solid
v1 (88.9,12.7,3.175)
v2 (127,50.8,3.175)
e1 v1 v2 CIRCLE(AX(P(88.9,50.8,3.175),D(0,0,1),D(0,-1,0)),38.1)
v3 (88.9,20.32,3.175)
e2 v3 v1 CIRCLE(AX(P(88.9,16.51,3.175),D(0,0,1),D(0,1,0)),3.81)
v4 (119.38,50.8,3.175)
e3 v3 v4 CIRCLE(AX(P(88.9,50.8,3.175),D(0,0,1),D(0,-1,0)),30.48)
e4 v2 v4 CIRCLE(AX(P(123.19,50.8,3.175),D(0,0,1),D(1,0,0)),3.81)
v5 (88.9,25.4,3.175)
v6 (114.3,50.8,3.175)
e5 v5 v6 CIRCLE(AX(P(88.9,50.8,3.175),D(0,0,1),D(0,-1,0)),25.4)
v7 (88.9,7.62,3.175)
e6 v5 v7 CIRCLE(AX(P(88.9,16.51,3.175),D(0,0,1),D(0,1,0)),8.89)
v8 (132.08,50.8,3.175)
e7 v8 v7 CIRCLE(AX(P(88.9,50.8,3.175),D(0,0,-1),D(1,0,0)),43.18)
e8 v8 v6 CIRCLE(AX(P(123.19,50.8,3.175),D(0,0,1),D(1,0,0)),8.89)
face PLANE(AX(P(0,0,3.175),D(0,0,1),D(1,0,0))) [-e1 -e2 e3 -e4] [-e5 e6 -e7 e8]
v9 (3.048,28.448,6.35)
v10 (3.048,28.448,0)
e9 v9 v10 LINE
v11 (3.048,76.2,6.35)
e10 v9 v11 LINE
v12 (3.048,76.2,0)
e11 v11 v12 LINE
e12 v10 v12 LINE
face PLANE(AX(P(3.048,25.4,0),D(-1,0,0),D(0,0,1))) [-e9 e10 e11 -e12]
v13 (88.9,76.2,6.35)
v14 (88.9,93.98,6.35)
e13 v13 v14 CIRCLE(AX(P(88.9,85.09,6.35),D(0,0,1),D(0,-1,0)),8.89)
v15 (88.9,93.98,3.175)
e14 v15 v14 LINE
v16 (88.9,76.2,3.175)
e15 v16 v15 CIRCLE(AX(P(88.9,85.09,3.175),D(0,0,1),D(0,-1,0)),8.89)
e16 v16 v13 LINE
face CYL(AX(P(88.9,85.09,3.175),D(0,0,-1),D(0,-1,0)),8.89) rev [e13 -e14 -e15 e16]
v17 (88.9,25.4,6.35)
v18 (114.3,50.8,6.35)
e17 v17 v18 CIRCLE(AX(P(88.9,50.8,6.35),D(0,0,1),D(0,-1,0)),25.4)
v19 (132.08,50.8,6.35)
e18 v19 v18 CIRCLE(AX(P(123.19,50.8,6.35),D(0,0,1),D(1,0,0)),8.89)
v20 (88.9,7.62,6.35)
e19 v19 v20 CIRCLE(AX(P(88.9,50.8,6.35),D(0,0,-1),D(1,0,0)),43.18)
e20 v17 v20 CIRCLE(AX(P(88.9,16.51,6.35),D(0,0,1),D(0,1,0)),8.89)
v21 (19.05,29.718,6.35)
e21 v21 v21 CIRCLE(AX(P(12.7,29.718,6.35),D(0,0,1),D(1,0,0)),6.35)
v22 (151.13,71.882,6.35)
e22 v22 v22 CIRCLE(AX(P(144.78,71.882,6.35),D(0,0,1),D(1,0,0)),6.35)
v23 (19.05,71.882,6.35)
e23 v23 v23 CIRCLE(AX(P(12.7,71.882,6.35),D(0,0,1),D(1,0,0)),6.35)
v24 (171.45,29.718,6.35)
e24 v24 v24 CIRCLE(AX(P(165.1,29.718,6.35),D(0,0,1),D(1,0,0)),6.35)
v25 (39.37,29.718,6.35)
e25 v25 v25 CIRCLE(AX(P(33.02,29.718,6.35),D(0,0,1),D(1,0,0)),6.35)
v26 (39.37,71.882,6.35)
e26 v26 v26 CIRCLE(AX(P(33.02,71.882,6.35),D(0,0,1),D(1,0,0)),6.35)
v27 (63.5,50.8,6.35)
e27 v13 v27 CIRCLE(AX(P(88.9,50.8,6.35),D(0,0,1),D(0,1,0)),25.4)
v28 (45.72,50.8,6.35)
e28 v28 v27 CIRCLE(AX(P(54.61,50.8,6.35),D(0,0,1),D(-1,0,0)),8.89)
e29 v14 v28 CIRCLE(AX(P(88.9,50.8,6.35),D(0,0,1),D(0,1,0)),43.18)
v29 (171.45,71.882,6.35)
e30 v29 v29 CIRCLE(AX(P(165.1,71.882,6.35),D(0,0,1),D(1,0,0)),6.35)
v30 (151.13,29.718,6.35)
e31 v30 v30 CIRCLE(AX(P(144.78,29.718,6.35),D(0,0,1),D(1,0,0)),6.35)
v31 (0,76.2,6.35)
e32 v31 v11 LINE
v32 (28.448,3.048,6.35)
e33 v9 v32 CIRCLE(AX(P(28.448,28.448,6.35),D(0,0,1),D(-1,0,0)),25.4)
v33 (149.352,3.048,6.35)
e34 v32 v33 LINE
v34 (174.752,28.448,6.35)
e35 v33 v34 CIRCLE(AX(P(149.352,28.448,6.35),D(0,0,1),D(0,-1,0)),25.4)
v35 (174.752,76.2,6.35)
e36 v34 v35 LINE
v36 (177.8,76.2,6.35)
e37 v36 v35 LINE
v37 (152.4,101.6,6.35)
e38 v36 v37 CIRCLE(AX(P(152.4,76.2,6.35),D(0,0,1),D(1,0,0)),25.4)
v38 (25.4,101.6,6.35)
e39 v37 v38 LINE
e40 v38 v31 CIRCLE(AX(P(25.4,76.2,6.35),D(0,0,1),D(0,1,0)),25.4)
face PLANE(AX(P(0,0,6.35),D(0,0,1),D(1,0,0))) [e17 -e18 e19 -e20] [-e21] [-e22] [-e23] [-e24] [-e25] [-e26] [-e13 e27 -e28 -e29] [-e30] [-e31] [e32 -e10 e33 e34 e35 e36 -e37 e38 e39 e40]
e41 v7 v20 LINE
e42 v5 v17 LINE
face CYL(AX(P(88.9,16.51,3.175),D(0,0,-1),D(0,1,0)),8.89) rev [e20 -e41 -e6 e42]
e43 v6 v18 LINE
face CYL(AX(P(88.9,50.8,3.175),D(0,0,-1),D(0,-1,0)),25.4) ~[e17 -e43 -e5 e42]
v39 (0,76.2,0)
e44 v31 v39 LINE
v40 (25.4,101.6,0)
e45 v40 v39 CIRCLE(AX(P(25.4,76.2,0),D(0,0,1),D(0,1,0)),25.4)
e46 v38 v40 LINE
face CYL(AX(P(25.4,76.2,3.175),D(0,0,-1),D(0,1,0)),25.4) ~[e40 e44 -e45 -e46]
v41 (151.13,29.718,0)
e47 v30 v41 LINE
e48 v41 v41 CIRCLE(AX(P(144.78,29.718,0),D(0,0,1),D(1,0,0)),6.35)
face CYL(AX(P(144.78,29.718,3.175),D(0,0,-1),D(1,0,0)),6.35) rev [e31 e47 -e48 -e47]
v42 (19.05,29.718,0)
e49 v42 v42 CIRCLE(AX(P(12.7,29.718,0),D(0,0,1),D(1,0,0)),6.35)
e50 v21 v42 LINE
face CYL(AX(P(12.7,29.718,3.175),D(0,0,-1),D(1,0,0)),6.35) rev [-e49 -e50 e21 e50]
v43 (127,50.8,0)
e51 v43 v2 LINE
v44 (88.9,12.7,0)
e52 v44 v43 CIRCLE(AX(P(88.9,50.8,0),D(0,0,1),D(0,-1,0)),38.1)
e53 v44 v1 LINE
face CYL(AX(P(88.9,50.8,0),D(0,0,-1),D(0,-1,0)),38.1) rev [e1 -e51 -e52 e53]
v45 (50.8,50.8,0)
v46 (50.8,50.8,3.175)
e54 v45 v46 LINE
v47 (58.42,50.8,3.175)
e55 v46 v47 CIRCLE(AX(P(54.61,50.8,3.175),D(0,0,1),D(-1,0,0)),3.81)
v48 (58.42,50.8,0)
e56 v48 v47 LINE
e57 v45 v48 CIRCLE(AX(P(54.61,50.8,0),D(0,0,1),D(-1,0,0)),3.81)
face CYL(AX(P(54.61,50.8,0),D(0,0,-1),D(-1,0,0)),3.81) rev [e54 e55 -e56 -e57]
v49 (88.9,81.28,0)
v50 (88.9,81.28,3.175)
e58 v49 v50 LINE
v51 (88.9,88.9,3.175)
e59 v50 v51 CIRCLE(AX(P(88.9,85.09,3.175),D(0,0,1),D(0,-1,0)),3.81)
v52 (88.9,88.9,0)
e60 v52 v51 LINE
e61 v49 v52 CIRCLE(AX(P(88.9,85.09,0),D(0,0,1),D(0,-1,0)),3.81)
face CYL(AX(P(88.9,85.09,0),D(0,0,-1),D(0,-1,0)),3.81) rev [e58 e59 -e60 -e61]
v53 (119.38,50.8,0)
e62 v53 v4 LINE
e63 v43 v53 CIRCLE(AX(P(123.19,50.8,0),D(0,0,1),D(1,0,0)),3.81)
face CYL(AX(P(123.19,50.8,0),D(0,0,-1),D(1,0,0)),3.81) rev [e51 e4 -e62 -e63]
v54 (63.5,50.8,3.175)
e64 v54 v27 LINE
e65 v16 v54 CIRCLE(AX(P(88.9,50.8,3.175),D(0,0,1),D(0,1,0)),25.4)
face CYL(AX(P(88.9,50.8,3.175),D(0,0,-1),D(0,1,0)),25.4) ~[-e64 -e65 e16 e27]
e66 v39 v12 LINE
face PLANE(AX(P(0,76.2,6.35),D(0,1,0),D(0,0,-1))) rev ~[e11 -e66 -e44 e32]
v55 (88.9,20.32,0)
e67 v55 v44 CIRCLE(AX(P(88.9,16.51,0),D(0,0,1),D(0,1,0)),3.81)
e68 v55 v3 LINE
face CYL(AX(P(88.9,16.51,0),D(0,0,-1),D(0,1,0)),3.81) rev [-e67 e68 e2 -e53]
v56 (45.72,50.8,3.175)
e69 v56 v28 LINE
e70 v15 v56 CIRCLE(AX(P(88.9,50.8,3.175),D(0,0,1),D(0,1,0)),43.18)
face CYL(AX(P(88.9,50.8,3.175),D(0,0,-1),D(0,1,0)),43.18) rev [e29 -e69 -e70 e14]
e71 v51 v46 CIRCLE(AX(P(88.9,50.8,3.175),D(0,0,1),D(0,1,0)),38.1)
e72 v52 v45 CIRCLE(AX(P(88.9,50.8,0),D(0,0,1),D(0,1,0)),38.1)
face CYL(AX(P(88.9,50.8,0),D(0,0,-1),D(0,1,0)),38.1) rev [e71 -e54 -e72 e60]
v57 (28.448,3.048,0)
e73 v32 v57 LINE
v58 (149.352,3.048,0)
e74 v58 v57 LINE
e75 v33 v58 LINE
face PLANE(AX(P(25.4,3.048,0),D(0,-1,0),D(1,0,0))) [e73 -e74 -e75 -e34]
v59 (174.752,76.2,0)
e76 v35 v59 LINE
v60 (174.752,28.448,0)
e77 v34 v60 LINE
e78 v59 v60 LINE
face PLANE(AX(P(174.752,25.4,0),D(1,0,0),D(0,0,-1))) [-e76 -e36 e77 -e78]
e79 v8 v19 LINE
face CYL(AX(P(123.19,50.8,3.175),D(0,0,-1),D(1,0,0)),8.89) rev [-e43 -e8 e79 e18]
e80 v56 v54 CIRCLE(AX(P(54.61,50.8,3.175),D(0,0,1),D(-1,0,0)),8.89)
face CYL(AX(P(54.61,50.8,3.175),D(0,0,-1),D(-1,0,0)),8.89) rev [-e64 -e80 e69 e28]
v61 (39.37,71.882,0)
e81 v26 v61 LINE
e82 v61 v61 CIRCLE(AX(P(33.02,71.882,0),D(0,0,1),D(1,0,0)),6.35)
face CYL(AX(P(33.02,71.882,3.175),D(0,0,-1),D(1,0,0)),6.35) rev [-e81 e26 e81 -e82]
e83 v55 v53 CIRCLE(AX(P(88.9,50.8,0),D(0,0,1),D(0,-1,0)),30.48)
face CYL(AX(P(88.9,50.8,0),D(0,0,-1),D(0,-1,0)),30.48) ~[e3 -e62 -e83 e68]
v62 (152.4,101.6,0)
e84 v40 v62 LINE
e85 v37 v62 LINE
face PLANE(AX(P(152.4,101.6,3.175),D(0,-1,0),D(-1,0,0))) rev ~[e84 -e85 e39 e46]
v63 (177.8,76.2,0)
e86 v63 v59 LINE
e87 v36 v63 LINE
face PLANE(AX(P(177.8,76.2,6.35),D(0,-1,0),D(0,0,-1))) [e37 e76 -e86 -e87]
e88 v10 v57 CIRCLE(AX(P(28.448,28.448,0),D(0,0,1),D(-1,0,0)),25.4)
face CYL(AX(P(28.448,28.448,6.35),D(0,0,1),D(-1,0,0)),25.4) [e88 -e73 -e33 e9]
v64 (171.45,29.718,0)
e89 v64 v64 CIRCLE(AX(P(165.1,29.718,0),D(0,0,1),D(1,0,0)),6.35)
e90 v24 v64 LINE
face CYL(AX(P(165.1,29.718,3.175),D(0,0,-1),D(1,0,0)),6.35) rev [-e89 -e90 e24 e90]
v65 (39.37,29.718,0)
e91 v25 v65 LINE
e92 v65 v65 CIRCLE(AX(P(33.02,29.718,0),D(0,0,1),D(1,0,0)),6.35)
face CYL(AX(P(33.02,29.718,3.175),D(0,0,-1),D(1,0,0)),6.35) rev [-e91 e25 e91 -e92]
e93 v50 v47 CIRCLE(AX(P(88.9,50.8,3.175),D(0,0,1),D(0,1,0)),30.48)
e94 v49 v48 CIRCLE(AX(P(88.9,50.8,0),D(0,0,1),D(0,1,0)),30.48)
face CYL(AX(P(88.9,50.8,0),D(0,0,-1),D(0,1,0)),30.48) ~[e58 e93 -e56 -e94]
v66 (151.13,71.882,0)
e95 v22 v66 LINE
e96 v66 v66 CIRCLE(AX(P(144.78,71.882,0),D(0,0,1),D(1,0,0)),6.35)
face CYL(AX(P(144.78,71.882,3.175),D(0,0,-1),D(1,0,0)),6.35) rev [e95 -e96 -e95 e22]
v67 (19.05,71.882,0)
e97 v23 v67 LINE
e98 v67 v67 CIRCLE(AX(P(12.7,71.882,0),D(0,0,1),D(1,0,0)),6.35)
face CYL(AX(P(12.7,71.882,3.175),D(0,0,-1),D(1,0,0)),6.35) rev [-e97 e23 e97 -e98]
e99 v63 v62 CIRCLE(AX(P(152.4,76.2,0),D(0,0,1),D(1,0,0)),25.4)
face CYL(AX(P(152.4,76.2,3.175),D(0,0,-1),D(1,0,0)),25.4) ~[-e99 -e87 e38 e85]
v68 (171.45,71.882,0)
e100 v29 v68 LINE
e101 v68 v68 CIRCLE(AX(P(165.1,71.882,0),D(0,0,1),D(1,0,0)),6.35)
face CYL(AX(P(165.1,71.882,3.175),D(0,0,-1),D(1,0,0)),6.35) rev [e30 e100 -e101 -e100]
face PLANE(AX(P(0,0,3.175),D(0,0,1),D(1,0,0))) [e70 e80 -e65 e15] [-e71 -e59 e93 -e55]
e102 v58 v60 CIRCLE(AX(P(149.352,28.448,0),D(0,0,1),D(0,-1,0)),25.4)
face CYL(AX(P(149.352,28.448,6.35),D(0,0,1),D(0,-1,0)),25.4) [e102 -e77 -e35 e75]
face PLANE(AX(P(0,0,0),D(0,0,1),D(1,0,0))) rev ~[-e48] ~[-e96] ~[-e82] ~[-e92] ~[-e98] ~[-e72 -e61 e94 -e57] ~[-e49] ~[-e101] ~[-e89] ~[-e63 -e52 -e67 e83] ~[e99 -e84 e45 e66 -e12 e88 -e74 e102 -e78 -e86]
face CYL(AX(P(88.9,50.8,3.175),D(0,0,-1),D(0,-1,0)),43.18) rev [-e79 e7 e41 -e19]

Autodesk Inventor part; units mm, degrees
ref_plane "YZ Plane" through (0, 0, 0) normal (1, 0, 0) x (0, 1, 0)
ref_plane "XZ Plane" through (0, 0, 0) normal (0, 1, 0) x (-1, 0, 0)
ref_plane "XY Plane" through (0, 0, 0) normal (0, 0, 1) x (1, 0, 0)
sketch "Sketch1" plane through (0, 0, 0) normal (0, 0, 1) x (1, 0, 0)
  line L0 (0, 0) -> (177.8, 0)
  line L1 (177.8, 0) -> (177.8, 101.6)
  line L2 (177.8, 101.6) -> (0, 101.6)
  line L3 (0, 101.6) -> (0, 0)
  arc A0 (25.4, 101.6) -> (0, 76.2) centre (25.4, 76.2) ccw
  arc A1 (177.8, 76.2) -> (152.4, 101.6) centre (152.4, 76.2) ccw
  arc A2 (152.4, 0) -> (177.8, 25.4) centre (152.4, 25.4) ccw
  arc A3 (0, 25.4) -> (25.4, 0) centre (25.4, 25.4) ccw
  arc A4 (88.9, 85.09) -> (54.61, 50.8) centre (88.9, 50.8) ccw construction
  arc A5 (88.9, 88.9) -> (50.8, 50.8) centre (88.9, 50.8) ccw
  arc A6 (88.9, 81.28) -> (58.42, 50.8) centre (88.9, 50.8) ccw
  arc A7 (88.9, 81.28) -> (88.9, 88.9) centre (88.9, 85.09) ccw
  arc A8 (50.8, 50.8) -> (58.42, 50.8) centre (54.61, 50.8) ccw
  line L4 (88.9, 50.8) -> (54.61, 50.8) construction
  line L5 (88.9, 50.8) -> (88.9, 85.09) construction
  arc A9 (88.9, 20.32) -> (119.38, 50.8) centre (88.9, 50.8) ccw
  line L6 (88.9, 50.8) -> (123.19, 50.8) construction
  arc A10 (88.9, 16.51) -> (123.19, 50.8) centre (88.9, 50.8) ccw construction
  arc A11 (127, 50.8) -> (119.38, 50.8) centre (123.19, 50.8) ccw
  arc A12 (88.9, 12.7) -> (127, 50.8) centre (88.9, 50.8) ccw
  arc A13 (88.9, 20.32) -> (88.9, 12.7) centre (88.9, 16.51) ccw
  line L7 (0, 50.8) -> (177.8, 50.8)
  line L8 (88.9, 101.6) -> (88.9, 0)
  circle A14 centre (12.7, 71.882) radius 6.35
  circle A15 centre (33.02, 71.882) radius 6.35
  circle A16 centre (12.7, 29.718) radius 6.35
  circle A17 centre (33.02, 29.718) radius 6.35
  circle A18 centre (165.1, 29.718) radius 6.35
  circle A19 centre (144.78, 29.718) radius 6.35
  circle A20 centre (165.1, 71.882) radius 6.35
  circle A21 centre (144.78, 71.882) radius 6.35
  point P0 (0, 0)
  point P1 (0, 0)
  point P2 (-19.4884, -65.4138)
  dimension "d2" = 177.8
  dimension "d3" = 101.6
  dimension "d4" = 50.8
  dimension "d5" = 50.8
  dimension "d6" = 50.8
  dimension "d7" = 50.8
  dimension "d9" = 50.8
  dimension "d10" = 88.9
  dimension "d11" = 34.29
  dimension "d12" = 90
  dimension "d13" = 7.62
  dimension "d14" = 360
  dimension "d15" = 0
  dimension "d16" = 0
  dimension "d17" = 0
  dimension "d19" = 0
  dimension "d20" = 12.7
  dimension "d21" = 12.7
  dimension "d22" = 20.32
  dimension "d24" = 21.082
  dimension "d25" = 12.7
extrude "Extrusion1" add sketch "Sketch1" along normal blind 3.175 contours A3 L3 L7 A8 L8 A13 L0 | L8 A12 L7 L1 A2 L0 | L3 A0 L2 L8 A5 L7 | A11 L7 L8 A7 L2 A1 L1 | L8 L7 A9 | A6 L8 L7
sketch "Sketch2" plane through (0, 0, 3.175) normal (0, 0, 1) x (1, 0, 0)
  line L0 (0, 0) -> (177.8, 0)
  line L1 (177.8, 0) -> (177.8, 101.6)
  line L2 (177.8, 101.6) -> (0, 101.6)
  line L3 (0, 101.6) -> (0, 0)
  circle A0 centre (12.7, 71.882) radius 6.35
  circle A1 centre (12.7, 71.882) radius 6.35 projected
  circle A2 centre (33.02, 71.882) radius 6.35
  circle A3 centre (12.7, 29.718) radius 6.35
  circle A4 centre (33.02, 29.718) radius 6.35
  circle A5 centre (33.02, 71.882) radius 6.35 projected
  circle A6 centre (12.7, 29.718) radius 6.35 projected
  circle A7 centre (33.02, 29.718) radius 6.35 projected
  circle A8 centre (144.78, 71.882) radius 6.35
  circle A9 centre (144.78, 29.718) radius 6.35
  circle A10 centre (165.1, 71.882) radius 6.35
  circle A11 centre (165.1, 29.718) radius 6.35
  circle A12 centre (144.78, 71.882) radius 6.35 projected
  circle A13 centre (165.1, 71.882) radius 6.35 projected
  circle A14 centre (144.78, 29.718) radius 6.35 projected
  circle A15 centre (165.1, 29.718) radius 6.35 projected
  arc A16 (88.9, 85.09) -> (54.61, 50.8) centre (88.9, 50.8) ccw construction
  arc A17 (88.9, 93.98) -> (45.72, 50.8) centre (88.9, 50.8) ccw
  arc A18 (88.9, 76.2) -> (63.5, 50.8) centre (88.9, 50.8) ccw
  arc A19 (88.9, 76.2) -> (88.9, 93.98) centre (88.9, 85.09) ccw
  arc A20 (45.72, 50.8) -> (63.5, 50.8) centre (54.61, 50.8) ccw
  line L4 (88.9, 50.8) -> (54.61, 50.8) construction
  line L5 (88.9, 50.8) -> (88.9, 85.09) construction
  arc A21 (88.9, 25.4) -> (114.3, 50.8) centre (88.9, 50.8) ccw
  line L6 (88.9, 50.8) -> (123.19, 50.8) construction
  arc A22 (88.9, 16.51) -> (123.19, 50.8) centre (88.9, 50.8) ccw construction
  arc A23 (88.9, 7.62) -> (132.08, 50.8) centre (88.9, 50.8) ccw
  arc A24 (132.08, 50.8) -> (114.3, 50.8) centre (123.19, 50.8) ccw
  arc A25 (88.9, 25.4) -> (88.9, 7.62) centre (88.9, 16.51) ccw
  arc A26 (25.4, 101.6) -> (0, 76.2) centre (25.4, 76.2) ccw
  arc A27 (0, 25.4) -> (25.4, 0) centre (25.4, 25.4) ccw
  line L7 (177.8, 25.4) -> (177.8, 76.2) projected
  arc A28 (152.4, 0) -> (177.8, 25.4) centre (152.4, 25.4) ccw
  arc A29 (129.8378, 37.0665) -> (128.016, 32.512) centre (152.4, 25.4) ccw
  arc A30 (177.8, 76.2) -> (152.4, 101.6) centre (152.4, 76.2) ccw
  arc A31 (177.8, 76.2) -> (152.4, 101.6) centre (152.4, 76.2) ccw projected
  dimension "d28" = 177.8
  dimension "d29" = 101.6
  dimension "d30" = 12.7
  dimension "d31" = 12.7
  dimension "d32" = 12.7
  dimension "d33" = 12.7
  dimension "d34" = 12.7
  dimension "d35" = 12.7
  dimension "d36" = 12.7
  dimension "d37" = 12.7
  dimension "d38" = 34.29
  dimension "d39" = 90
  dimension "d40" = 17.78
  dimension "d41" = 50.8
  dimension "d42" = 88.9
  dimension "d45" = 360
  dimension "d48" = 25.4
  dimension "d49" = 50.8
  dimension "d57" = 50.8
extrude "Extrusion2" add sketch "Sketch2" along normal blind 3.175 contours A27 L3 A26 L2 A30 L1 A28 L0
sketch "Sketch3" plane through (177.8, 25.4, 0) normal (1, 0, 0) x (0, 0, -1)
  line L0 (-6.35, 0) -> (-6.35, 50.8) projected
  line L1 (-6.35, 50.8) -> (0, 50.8)
  line L2 (0, 50.8) -> (0, -25.4)
  line L3 (0, -25.4) -> (-6.35, -25.4)
  line L4 (-6.35, -25.4) -> (-6.35, 50.8)
extrude "Extrusion3" cut sketch "Sketch3" against normal blind 3.048
sketch "Sketch4" plane through (0, 25.4, 0) normal (-1, 0, 0) x (0, 0, 1)
  line L0 (6.35, 50.8) -> (0, 50.8) projected
  line L1 (6.35, -25.4) -> (6.35, 0) projected
  line L2 (0, 50.8) -> (6.35, 50.8)
  line L3 (6.35, 50.8) -> (6.35, -25.4)
  line L4 (6.35, -25.4) -> (0, -25.4)
  line L5 (0, -25.4) -> (0, 50.8)
  point P0 (0, -25.4)
extrude "Extrusion4" cut sketch "Sketch4" against normal blind 3.048
sketch "Sketch5" plane through (25.4, 0, 0) normal (0, -1, 0) x (1, 0, 0)
  line L0 (-22.352, 6.35) -> (-22.352, 0) projected
  line L1 (149.352, 6.35) -> (149.352, 0) projected
  line L2 (-22.352, 6.35) -> (149.352, 6.35)
  line L3 (149.352, 6.35) -> (149.352, 0)
  line L4 (149.352, 0) -> (-22.352, 0)
  line L5 (-22.352, 0) -> (-22.352, 6.35)
  point P0 (-25.4, 0)
extrude "Extrusion5" cut sketch "Sketch5" against normal blind 3.048
sketch "Sketch6" plane through (0, 0, 6.35) normal (0, 0, 1) x (1, 0, 0)
  arc A0 (3.048, 28.448) -> (28.448, 3.048) centre (28.448, 28.448) ccw
  arc A1 (149.352, 3.048) -> (174.752, 28.448) centre (149.352, 28.448) ccw
  line L0 (3.048, 76.2) -> (3.048, 13.3357) projected
  line L1 (13.3357, 3.048) -> (164.4643, 3.048) projected
  line L2 (174.752, 13.3357) -> (174.752, 76.2) projected
  line L3 (3.048, 28.448) -> (3.048, 3.048)
  line L4 (3.048, 3.048) -> (28.448, 3.048)
  line L5 (174.752, 28.448) -> (174.752, 3.048)
  line L6 (149.352, 3.048) -> (174.752, 3.048)
  point P0 (0, 0)
  point P1 (3.048, 13.3357)
  dimension "d66" = 50.8
  dimension "d67" = 50.8
extrude "Extrusion6" cut sketch "Sketch6" against normal through all
properties part number "Back_plate"
